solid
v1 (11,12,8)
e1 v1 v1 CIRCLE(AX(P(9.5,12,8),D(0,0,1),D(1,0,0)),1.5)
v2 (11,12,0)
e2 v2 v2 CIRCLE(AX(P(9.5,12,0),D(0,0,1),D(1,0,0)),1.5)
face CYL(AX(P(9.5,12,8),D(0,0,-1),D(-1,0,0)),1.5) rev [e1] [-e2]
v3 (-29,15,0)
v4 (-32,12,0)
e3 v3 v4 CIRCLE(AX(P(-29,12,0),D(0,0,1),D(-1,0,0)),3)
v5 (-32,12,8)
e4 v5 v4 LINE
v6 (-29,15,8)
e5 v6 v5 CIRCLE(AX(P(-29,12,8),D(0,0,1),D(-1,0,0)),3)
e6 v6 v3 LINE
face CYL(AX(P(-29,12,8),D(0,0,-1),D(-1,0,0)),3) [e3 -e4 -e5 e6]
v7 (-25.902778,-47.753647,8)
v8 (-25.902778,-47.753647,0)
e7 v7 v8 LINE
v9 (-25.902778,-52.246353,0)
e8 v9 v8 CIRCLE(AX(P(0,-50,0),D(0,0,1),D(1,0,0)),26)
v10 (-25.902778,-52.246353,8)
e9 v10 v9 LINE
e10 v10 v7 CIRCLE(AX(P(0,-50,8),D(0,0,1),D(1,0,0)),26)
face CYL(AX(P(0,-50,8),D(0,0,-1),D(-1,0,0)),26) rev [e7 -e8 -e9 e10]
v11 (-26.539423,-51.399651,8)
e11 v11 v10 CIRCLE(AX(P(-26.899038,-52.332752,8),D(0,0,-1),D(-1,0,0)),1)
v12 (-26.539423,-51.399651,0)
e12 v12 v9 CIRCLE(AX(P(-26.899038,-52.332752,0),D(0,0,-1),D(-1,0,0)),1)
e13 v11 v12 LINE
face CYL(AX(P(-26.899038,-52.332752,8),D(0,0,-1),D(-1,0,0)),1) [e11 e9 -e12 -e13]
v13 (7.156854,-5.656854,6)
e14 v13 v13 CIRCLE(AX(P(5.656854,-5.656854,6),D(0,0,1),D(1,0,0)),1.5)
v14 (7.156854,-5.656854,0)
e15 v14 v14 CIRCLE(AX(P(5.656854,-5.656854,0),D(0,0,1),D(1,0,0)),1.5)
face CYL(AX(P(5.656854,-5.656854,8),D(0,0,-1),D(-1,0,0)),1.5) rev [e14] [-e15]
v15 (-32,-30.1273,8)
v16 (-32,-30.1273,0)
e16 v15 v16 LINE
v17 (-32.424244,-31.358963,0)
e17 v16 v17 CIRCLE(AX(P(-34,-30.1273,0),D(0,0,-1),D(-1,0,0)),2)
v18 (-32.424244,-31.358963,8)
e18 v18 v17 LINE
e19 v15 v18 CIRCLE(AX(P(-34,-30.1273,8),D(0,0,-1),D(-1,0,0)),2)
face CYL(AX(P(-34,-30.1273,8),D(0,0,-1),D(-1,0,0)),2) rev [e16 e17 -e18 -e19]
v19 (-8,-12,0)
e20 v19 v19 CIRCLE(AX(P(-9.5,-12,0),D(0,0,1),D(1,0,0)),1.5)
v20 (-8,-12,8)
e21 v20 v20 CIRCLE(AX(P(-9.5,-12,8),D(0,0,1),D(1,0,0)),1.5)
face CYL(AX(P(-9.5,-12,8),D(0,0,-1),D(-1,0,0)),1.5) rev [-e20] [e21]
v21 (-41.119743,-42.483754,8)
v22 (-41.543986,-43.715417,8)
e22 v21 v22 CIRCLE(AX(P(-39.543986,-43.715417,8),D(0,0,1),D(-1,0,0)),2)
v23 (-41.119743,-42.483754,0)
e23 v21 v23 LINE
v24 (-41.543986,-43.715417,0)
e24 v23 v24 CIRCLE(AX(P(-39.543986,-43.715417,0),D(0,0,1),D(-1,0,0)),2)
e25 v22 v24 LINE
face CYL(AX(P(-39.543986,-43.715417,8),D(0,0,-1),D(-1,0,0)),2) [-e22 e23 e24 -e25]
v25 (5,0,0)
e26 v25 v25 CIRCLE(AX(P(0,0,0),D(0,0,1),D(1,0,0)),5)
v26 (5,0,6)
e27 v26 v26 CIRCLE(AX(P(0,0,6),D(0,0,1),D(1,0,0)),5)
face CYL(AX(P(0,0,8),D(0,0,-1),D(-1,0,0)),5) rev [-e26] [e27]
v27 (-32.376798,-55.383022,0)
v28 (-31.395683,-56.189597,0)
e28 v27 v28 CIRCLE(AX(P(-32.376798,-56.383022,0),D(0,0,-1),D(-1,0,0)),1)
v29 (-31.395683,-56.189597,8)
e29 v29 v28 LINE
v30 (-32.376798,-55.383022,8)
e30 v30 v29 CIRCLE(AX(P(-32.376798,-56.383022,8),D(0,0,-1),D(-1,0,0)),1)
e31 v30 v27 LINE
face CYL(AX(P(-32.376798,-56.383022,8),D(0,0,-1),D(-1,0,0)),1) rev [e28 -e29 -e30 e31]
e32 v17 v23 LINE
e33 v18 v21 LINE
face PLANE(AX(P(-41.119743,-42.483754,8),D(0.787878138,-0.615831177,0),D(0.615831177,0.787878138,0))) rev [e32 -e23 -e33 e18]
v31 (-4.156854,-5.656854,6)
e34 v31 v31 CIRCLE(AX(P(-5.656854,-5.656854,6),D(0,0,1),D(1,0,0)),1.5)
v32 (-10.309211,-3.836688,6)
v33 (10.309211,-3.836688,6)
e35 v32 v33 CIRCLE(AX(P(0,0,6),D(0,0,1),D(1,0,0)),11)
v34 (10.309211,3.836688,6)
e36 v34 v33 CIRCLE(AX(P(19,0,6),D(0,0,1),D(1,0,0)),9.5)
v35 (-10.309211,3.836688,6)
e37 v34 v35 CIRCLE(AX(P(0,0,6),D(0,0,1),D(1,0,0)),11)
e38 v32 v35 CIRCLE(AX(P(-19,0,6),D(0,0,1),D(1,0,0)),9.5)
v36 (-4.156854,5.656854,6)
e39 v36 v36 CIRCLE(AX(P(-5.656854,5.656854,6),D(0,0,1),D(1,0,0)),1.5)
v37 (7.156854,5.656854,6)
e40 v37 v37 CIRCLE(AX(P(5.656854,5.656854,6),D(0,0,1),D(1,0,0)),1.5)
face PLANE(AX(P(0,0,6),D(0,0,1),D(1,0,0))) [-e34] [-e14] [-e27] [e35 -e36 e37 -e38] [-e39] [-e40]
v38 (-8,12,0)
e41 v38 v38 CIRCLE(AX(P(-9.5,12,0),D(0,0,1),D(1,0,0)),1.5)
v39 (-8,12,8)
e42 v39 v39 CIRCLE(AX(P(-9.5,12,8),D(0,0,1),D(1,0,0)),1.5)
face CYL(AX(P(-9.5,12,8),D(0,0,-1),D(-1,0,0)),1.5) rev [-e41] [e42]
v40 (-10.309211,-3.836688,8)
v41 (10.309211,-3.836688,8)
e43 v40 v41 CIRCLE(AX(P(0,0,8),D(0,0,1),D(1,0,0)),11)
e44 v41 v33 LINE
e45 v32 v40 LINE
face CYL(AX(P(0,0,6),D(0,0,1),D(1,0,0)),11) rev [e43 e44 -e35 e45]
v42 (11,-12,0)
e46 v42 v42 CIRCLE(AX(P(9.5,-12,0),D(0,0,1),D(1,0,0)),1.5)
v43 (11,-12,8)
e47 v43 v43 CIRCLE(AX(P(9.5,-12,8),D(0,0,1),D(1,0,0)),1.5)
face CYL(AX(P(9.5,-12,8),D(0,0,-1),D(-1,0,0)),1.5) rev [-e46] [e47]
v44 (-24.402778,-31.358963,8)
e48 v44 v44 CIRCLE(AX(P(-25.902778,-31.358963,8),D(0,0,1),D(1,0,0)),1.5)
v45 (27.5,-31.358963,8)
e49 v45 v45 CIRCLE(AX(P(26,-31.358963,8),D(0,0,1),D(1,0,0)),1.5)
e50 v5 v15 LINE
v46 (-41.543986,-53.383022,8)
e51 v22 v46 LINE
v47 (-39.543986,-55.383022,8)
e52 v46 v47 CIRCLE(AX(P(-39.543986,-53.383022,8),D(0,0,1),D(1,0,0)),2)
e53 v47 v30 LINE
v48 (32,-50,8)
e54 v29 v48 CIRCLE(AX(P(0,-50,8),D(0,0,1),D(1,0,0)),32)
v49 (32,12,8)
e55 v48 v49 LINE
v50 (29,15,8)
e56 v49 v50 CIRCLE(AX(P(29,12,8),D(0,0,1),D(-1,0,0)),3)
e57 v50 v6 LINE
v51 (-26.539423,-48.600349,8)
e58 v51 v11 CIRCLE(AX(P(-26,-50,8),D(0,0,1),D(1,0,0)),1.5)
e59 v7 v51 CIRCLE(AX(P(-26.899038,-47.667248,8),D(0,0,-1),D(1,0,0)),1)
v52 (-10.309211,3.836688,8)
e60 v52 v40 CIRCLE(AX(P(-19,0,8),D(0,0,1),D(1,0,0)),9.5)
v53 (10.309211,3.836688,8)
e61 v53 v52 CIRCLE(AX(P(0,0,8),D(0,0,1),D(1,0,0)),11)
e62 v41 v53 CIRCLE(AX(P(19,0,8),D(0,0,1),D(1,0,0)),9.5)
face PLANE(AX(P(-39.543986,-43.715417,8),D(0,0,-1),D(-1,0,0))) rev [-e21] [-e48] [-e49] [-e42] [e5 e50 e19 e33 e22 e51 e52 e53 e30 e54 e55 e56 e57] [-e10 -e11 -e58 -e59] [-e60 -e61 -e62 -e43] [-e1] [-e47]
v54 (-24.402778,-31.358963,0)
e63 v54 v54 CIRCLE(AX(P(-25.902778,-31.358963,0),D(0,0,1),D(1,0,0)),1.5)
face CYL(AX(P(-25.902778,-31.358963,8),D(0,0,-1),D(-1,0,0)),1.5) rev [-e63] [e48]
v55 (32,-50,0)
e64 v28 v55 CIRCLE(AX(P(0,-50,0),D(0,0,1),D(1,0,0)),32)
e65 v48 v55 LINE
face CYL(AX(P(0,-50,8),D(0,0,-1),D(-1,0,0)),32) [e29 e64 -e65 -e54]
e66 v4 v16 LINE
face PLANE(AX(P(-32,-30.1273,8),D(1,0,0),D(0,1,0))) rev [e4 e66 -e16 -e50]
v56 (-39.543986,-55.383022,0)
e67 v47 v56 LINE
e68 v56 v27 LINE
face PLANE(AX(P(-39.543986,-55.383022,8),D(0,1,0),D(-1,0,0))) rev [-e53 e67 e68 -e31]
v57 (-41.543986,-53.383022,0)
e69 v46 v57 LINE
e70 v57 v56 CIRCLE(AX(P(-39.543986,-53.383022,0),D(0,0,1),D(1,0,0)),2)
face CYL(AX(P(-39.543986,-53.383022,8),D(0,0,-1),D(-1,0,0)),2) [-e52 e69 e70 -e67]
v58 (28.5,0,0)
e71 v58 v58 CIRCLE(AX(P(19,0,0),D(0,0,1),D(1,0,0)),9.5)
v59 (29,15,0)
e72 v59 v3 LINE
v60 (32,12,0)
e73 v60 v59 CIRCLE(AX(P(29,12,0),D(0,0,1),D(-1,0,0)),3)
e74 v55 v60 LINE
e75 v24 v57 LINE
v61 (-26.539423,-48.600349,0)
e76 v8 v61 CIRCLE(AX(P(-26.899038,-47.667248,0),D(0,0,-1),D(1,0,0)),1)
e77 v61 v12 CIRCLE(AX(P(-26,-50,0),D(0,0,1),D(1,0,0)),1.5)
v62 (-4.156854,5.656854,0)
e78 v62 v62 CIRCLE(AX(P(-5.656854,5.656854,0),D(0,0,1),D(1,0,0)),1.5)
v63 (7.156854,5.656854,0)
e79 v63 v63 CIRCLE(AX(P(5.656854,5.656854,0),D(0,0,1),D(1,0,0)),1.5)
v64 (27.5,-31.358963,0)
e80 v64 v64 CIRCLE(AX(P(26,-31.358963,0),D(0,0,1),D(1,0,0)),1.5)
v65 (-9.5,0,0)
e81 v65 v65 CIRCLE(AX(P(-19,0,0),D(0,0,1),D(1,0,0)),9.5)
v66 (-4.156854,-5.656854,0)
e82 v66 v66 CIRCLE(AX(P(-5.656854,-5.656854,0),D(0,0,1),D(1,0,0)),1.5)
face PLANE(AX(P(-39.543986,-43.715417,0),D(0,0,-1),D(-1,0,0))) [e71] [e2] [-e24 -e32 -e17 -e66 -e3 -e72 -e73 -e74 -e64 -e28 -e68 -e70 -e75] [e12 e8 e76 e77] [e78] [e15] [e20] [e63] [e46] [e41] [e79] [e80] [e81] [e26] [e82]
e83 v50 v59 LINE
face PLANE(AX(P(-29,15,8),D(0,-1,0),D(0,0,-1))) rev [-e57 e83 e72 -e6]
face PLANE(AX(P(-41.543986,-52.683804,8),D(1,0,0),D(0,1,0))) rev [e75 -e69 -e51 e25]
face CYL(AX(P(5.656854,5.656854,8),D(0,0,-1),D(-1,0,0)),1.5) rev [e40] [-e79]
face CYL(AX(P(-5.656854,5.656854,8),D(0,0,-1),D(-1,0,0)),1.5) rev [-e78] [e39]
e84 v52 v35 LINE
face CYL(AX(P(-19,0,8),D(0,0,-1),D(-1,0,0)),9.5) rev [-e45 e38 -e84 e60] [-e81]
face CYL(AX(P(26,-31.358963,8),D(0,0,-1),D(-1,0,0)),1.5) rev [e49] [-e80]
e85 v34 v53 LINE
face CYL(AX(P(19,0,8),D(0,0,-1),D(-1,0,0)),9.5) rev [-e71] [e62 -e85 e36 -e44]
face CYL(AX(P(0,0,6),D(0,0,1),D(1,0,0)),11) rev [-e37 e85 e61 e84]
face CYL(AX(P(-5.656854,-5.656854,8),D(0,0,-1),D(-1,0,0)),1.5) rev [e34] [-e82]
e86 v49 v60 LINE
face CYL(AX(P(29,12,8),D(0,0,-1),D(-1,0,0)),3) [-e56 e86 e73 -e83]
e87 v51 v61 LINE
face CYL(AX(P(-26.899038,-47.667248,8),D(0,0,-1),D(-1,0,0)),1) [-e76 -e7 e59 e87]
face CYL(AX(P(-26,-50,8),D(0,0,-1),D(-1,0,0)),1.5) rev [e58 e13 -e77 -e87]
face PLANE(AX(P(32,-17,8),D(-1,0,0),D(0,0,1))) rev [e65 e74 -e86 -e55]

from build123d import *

# Parameters (mm, degrees)
SKETCH_1_R          = 5
SKETCH_1_R_2        = 9.5
SKETCH_1_R_3        = 1.5
EXTRUDE_1_DEPTH     = 8
SKETCH_2_R          = 11
CUT_EXTRUDE_1_DEPTH = 2


with BuildPart() as part:
    # Эскиз1 → Бобышка-Вытянуть1 (new body)
    with BuildSketch(Plane.XY):
        with BuildLine():
            Line((32, -50), (32, -17))
            Line((32, -17), (32, 12))
            ThreePointArc((32, 12), (31.121320344, 14.121320344), (29, 15))
            Line((29, 15), (-29, 15))
            ThreePointArc((-29, 15), (-31.121320344, 14.121320344), (-32, 12))
            Line((-32, 12), (-32, -17))
            Line((-32, -17), (-32, -30.127300246))
            ThreePointArc((-32, -30.127300246), (-32.109032978, -30.77864019), (-32.424243723, -31.358962601))
            Line((-32.424243723, -31.358962601), (-41.119742613, -42.483754153))
            ThreePointArc((-41.119742613, -42.483754153), (-41.434953358, -43.064076563), (-41.543986336, -43.715416508))
            Line((-41.543986336, -43.715416508), (-41.543986336, -52.683803611))
            Line((-41.543986336, -52.683803611), (-41.543986336, -53.383022016))
            ThreePointArc((-41.543986336, -53.383022016), (-40.958199899, -54.797235578), (-39.543986336, -55.383022016))
            Line((-39.543986336, -55.383022016), (-32.37679771, -55.383022016))
            ThreePointArc((-32.37679771, -55.383022016), (-31.741748464, -55.610550363), (-31.395682628, -56.189597106))
            ThreePointArc((-31.395682628, -56.189597106), (3.109514103, -81.848562323), (32, -50))
        make_face()
        Circle(SKETCH_1_R, mode=Mode.SUBTRACT)
        with Locations((-19, 0)):
            Circle(SKETCH_1_R_2, mode=Mode.SUBTRACT)
        with Locations((19, 0)):
            Circle(SKETCH_1_R_2, mode=Mode.SUBTRACT)
        with Locations((-5.656854249, 5.656854249)):
            Circle(SKETCH_1_R_3, mode=Mode.SUBTRACT)
        with Locations((5.656854249, 5.656854249)):
            Circle(SKETCH_1_R_3, mode=Mode.SUBTRACT)
        with Locations((5.656854249, -5.656854249)):
            Circle(SKETCH_1_R_3, mode=Mode.SUBTRACT)
        with Locations((-5.656854249, -5.656854249)):
            Circle(SKETCH_1_R_3, mode=Mode.SUBTRACT)
        with Locations((-9.5, 12)):
            Circle(SKETCH_1_R_3, mode=Mode.SUBTRACT)
        with Locations((9.5, 12)):
            Circle(SKETCH_1_R_3, mode=Mode.SUBTRACT)
        with Locations((9.5, -12)):
            Circle(SKETCH_1_R_3, mode=Mode.SUBTRACT)
        with Locations((-9.5, -12)):
            Circle(SKETCH_1_R_3, mode=Mode.SUBTRACT)
        with Locations((-25.902777778, -31.358962601)):
            Circle(SKETCH_1_R_3, mode=Mode.SUBTRACT)
        with Locations((26, -31.358962601)):
            Circle(SKETCH_1_R_3, mode=Mode.SUBTRACT)
        with BuildLine():
            ThreePointArc((-25.902777778, -52.246353355), (26, -50), (-25.902777778, -47.753646645))
            ThreePointArc((-25.902777778, -47.753646645), (-26.099772408, -48.268225789), (-26.539423077, -48.600349063))
            ThreePointArc((-26.539423077, -48.600349063), (-27.5, -50), (-26.539423077, -51.399650937))
            ThreePointArc((-26.539423077, -51.399650937), (-26.099772408, -51.731774211), (-25.902777778, -52.246353355))
        make_face(mode=Mode.SUBTRACT)
    extrude(amount=EXTRUDE_1_DEPTH)

    # Эскиз2 → Вырез-Вытянуть1 (cut)
    with BuildSketch(Plane.XY.offset(8)):
        Circle(SKETCH_2_R)
    extrude(amount=-CUT_EXTRUDE_1_DEPTH, mode=Mode.SUBTRACT)


solid = part.part
